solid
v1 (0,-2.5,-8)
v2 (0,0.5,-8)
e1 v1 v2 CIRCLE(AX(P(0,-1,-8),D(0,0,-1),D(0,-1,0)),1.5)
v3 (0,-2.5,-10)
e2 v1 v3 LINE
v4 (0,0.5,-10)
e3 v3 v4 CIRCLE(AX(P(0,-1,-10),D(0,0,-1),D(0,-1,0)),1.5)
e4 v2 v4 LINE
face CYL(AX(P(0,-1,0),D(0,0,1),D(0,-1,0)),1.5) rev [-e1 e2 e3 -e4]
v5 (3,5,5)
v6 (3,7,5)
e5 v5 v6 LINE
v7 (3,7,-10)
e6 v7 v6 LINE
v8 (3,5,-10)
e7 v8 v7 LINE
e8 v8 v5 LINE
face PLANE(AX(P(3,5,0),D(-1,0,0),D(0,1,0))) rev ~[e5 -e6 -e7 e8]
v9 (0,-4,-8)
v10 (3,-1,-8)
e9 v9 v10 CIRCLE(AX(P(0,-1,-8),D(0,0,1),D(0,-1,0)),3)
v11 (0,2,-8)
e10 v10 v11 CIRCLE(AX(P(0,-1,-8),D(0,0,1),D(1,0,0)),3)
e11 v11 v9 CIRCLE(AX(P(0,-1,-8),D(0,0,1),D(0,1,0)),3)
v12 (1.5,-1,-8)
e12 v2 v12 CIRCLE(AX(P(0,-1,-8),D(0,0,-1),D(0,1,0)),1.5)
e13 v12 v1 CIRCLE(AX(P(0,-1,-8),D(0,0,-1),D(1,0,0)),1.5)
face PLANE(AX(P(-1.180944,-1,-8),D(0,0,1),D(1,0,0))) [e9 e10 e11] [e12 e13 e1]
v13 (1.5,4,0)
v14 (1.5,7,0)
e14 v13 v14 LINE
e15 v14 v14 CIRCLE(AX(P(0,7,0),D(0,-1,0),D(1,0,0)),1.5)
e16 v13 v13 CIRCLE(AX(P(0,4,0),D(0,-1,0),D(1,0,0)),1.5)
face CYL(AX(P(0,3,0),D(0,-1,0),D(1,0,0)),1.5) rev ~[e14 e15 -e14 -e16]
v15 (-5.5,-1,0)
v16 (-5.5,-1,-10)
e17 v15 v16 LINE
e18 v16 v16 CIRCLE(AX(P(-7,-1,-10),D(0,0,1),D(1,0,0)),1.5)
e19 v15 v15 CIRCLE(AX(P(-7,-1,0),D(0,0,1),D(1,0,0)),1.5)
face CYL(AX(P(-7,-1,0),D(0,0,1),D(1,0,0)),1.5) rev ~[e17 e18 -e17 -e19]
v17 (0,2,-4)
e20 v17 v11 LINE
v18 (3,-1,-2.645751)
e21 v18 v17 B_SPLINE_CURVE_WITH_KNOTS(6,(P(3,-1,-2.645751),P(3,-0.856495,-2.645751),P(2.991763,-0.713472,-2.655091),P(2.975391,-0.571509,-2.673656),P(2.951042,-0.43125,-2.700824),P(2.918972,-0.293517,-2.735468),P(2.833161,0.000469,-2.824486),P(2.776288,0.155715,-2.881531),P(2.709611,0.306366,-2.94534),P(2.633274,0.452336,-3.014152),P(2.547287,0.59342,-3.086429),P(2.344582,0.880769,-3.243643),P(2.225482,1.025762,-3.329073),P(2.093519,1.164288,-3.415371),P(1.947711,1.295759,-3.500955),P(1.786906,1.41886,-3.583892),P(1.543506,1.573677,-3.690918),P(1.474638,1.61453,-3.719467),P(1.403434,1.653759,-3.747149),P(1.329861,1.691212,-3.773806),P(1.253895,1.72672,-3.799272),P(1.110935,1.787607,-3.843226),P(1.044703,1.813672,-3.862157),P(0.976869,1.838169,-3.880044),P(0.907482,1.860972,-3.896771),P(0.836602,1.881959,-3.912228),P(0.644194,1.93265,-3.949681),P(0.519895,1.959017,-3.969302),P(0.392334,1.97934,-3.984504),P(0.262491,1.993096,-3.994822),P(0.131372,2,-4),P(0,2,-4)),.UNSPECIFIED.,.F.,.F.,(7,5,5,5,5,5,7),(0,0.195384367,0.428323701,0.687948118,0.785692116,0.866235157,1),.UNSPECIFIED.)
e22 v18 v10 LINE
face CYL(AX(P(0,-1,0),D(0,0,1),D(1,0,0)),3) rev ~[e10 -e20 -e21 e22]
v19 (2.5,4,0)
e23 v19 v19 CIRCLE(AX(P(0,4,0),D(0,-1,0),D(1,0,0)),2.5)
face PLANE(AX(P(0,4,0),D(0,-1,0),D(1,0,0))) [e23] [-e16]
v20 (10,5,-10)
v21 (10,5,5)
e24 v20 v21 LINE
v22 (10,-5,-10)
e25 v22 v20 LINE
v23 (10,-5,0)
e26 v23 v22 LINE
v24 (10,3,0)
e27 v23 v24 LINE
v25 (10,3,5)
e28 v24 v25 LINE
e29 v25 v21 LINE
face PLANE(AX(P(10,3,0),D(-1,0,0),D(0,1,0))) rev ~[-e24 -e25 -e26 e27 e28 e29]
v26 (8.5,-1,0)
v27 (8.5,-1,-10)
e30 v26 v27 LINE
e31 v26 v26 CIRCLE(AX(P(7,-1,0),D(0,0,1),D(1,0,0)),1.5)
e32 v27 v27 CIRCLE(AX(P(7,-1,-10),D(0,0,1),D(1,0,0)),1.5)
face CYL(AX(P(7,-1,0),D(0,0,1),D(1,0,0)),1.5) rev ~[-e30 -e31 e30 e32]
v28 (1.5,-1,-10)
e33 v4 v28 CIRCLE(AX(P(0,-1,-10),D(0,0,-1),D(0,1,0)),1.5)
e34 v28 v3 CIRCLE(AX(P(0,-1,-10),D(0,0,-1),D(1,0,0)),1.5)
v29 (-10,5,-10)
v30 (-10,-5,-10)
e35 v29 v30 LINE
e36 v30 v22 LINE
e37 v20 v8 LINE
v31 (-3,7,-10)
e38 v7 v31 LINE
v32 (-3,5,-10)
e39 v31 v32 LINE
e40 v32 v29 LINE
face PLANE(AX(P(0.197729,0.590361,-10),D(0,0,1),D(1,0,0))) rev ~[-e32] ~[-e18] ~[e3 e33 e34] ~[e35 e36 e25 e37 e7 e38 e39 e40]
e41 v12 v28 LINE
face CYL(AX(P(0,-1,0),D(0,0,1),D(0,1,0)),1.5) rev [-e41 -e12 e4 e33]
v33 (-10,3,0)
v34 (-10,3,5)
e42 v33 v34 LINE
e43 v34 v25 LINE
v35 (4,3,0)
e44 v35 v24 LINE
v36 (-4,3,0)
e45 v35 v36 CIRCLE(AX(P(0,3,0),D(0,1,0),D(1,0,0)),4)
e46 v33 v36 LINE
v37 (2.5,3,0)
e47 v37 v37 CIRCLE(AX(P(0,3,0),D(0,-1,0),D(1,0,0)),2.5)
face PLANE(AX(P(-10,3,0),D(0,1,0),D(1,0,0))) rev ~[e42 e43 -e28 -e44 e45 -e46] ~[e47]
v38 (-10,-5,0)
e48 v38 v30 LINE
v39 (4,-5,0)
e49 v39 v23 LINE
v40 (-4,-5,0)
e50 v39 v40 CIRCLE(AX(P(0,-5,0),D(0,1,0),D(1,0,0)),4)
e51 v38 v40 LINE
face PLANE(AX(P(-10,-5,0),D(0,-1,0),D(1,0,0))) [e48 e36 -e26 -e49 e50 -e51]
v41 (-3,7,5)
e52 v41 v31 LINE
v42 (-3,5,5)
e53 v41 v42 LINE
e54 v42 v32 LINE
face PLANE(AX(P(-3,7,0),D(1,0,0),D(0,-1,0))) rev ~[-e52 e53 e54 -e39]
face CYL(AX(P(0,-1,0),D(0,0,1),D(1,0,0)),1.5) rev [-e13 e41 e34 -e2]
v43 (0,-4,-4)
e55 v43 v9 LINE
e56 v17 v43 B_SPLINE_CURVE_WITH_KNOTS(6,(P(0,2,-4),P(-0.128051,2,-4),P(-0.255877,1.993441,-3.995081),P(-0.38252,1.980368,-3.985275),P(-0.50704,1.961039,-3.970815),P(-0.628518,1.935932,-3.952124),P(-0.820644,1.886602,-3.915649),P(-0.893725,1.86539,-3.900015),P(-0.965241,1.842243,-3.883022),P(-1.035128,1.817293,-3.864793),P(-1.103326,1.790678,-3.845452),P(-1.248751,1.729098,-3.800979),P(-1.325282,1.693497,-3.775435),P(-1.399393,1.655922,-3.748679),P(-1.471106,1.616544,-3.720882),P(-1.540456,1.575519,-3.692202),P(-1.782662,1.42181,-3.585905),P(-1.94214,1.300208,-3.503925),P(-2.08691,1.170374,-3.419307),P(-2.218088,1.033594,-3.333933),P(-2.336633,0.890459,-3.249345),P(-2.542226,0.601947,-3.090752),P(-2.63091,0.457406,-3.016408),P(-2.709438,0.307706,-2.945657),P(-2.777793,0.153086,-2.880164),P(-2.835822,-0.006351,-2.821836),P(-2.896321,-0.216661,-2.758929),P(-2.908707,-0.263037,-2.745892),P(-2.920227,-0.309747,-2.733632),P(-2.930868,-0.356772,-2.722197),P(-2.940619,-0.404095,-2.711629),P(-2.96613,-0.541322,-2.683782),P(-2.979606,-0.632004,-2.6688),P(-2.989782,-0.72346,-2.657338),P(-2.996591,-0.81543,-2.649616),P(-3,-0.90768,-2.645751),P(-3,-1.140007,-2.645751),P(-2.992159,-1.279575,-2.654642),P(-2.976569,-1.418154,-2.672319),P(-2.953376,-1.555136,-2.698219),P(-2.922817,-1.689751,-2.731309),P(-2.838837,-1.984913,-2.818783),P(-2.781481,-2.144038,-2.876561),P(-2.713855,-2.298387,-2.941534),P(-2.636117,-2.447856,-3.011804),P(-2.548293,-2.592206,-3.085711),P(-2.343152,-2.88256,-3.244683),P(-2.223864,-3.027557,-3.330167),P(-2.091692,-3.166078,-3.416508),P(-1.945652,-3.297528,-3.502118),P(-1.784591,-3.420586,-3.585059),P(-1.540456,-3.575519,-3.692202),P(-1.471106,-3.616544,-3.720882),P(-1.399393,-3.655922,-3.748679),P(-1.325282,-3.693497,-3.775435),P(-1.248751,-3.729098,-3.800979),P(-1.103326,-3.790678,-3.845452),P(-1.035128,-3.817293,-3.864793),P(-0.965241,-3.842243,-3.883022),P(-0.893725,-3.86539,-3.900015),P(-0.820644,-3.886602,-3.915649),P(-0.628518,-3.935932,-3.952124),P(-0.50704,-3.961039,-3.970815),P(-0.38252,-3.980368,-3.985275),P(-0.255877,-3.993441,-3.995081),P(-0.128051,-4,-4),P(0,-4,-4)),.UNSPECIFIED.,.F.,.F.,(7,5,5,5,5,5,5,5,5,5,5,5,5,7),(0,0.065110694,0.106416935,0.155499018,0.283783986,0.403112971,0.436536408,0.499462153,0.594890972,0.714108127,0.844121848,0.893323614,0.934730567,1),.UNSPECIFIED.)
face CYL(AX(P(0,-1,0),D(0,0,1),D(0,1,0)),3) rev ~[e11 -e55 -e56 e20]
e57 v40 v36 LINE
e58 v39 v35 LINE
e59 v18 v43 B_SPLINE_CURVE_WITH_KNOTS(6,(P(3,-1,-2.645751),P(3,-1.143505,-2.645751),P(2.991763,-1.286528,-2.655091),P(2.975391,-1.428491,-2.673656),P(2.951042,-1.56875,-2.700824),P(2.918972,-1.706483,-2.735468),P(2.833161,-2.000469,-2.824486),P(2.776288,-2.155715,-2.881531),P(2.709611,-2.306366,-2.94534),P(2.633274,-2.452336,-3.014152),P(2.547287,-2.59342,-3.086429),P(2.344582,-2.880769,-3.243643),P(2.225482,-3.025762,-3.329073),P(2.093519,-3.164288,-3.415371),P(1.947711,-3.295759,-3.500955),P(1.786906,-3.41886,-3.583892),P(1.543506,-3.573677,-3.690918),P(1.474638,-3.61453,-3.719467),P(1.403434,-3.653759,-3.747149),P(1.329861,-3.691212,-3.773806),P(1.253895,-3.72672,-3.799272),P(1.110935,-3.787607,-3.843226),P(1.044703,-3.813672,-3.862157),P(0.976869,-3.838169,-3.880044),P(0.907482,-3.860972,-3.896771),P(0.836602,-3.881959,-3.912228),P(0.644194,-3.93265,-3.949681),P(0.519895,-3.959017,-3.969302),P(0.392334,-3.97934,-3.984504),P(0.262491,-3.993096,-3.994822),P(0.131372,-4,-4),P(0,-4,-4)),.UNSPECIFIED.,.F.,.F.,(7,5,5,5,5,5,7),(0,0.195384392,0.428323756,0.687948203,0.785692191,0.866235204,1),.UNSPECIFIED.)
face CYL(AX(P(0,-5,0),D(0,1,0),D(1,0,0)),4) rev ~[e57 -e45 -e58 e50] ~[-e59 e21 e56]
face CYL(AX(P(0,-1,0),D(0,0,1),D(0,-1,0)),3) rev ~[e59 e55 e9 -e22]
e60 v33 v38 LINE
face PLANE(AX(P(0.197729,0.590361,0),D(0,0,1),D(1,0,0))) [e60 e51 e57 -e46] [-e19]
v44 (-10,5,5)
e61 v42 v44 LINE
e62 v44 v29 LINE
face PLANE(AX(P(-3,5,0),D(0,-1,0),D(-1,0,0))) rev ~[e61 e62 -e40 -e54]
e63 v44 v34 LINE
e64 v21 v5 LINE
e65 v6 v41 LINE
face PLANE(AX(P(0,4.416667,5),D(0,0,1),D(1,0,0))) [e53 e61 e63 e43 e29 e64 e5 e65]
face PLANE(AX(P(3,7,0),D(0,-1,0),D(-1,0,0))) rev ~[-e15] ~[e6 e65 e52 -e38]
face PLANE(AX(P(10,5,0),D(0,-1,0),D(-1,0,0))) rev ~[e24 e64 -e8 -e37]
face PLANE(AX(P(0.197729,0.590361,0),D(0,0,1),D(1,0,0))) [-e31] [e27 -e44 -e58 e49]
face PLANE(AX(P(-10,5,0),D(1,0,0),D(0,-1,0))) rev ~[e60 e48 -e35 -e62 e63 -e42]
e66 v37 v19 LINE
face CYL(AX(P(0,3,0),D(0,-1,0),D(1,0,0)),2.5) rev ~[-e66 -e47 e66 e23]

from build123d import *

# Parameters (mm, degrees)
F0_R     = 1.5
F1_DEPTH = 10
F3_DEPTH = 8
F5_DEPTH = 5
F6_R     = 1.5
F7_DEPTH = 4.001
F6_R_2   = 2.5
F8_DEPTH = 1


with BuildPart() as f1:
    # F0 (on Top) → F1 (new body)
    with BuildSketch(Plane.XY):
        with BuildLine():
            Line((10, -5), (10, 5))
            Line((10, 5), (3, 5))
            Line((3, 5), (3, 7))
            Line((3, 7), (-3, 7))
            Line((-3, 7), (-3, 5))
            Line((-3, 5), (-10, 5))
            Line((-10, 5), (-10, -5))
            Line((-10, -5), (0, -5))
            Line((0, -5), (0, -4))
            ThreePointArc((0, -4), (-3, -1), (0, 2))
            Line((0, 2), (0, 3))
            Line((0, 3), (4, 3))
            Line((4, 3), (4, -5))
            Line((4, -5), (10, -5))
        make_face()
        with Locations((-7, -1)):
            Circle(F0_R, mode=Mode.SUBTRACT)
        with Locations((7, -1)):
            Circle(F0_R, mode=Mode.SUBTRACT)
        with BuildLine():
            Line((0, -5), (4, -5))
            Line((4, -5), (4, 3))
            Line((4, 3), (0, 3))
            Line((0, 3), (0, 2))
            ThreePointArc((0, 2), (2.1213203436, 1.1213203436), (3, -1))
            ThreePointArc((3, -1), (2.1213203436, -3.1213203436), (0, -4))
            Line((0, -4), (0, -5))
        make_face()
        with BuildLine():
            Line((0, -2.5), (0, -4))
            ThreePointArc((0, -4), (2.1213203436, -3.1213203436), (3, -1))
            ThreePointArc((3, -1), (2.1213203436, 1.1213203436), (0, 2))
            Line((0, 2), (0, 0.5))
            ThreePointArc((0, 0.5), (1.0606601718, 0.0606601718), (1.5, -1))
            ThreePointArc((1.5, -1), (1.0606601718, -2.0606601718), (0, -2.5))
        make_face()
        with BuildLine():
            ThreePointArc((0, 2), (-3, -1), (0, -4))
            Line((0, -4), (0, -2.5))
            ThreePointArc((0, -2.5), (-1.5, -1), (0, 0.5))
            Line((0, 0.5), (0, 2))
        make_face()
    extrude(amount=-F1_DEPTH)

    # F0 (on Top) → F2 (revolve, cut)
    with BuildSketch(Plane.XY):
        with BuildLine():
            Line((0, -5), (4, -5))
            Line((4, -5), (4, 3))
            Line((4, 3), (0, 3))
            Line((0, 3), (0, 2))
            ThreePointArc((0, 2), (2.1213203436, 1.1213203436), (3, -1))
            ThreePointArc((3, -1), (2.1213203436, -3.1213203436), (0, -4))
            Line((0, -4), (0, -5))
        make_face()
        with BuildLine():
            Line((0, -2.5), (0, -4))
            ThreePointArc((0, -4), (2.1213203436, -3.1213203436), (3, -1))
            ThreePointArc((3, -1), (2.1213203436, 1.1213203436), (0, 2))
            Line((0, 2), (0, 0.5))
            ThreePointArc((0, 0.5), (1.0606601718, 0.0606601718), (1.5, -1))
            ThreePointArc((1.5, -1), (1.0606601718, -2.0606601718), (0, -2.5))
        make_face()
    revolve(axis=Axis((0, -1, 0), (0, 1, 0)), mode=Mode.SUBTRACT)

    # F0 (on Top) → F3 (cut)
    with BuildSketch(Plane.XY):
        with BuildLine():
            ThreePointArc((0, 2), (-3, -1), (0, -4))
            Line((0, -4), (0, -2.5))
            ThreePointArc((0, -2.5), (-1.5, -1), (0, 0.5))
            Line((0, 0.5), (0, 2))
        make_face()
        with BuildLine():
            Line((0, -2.5), (0, -4))
            ThreePointArc((0, -4), (2.1213203436, -3.1213203436), (3, -1))
            ThreePointArc((3, -1), (2.1213203436, 1.1213203436), (0, 2))
            Line((0, 2), (0, 0.5))
            ThreePointArc((0, 0.5), (1.0606601718, 0.0606601718), (1.5, -1))
            ThreePointArc((1.5, -1), (1.0606601718, -2.0606601718), (0, -2.5))
        make_face()
    extrude(amount=-F3_DEPTH, mode=Mode.SUBTRACT)

    # F4 (on face) → F5 (join)
    with BuildSketch(Plane.XY):
        Polygon((-10, 5), (-10, 3), (0, 3), (4, 3), (10, 3), (10, 5), (3, 5), (3, 7), (-3, 7), (-3, 5), align=None)
    extrude(amount=F5_DEPTH)

    # F6 (on face) → F7 (cut, through all)
    with BuildSketch(Plane.XZ.offset(-3)):
        Circle(F6_R)
    extrude(amount=-F7_DEPTH, mode=Mode.SUBTRACT)

    # F6 (on face) → F8 (cut)
    with BuildSketch(Plane.XZ.offset(-3)):
        Circle(F6_R_2)
        Circle(F6_R, mode=Mode.SUBTRACT)
    extrude(amount=-F8_DEPTH, mode=Mode.SUBTRACT)


solid = f1.part
